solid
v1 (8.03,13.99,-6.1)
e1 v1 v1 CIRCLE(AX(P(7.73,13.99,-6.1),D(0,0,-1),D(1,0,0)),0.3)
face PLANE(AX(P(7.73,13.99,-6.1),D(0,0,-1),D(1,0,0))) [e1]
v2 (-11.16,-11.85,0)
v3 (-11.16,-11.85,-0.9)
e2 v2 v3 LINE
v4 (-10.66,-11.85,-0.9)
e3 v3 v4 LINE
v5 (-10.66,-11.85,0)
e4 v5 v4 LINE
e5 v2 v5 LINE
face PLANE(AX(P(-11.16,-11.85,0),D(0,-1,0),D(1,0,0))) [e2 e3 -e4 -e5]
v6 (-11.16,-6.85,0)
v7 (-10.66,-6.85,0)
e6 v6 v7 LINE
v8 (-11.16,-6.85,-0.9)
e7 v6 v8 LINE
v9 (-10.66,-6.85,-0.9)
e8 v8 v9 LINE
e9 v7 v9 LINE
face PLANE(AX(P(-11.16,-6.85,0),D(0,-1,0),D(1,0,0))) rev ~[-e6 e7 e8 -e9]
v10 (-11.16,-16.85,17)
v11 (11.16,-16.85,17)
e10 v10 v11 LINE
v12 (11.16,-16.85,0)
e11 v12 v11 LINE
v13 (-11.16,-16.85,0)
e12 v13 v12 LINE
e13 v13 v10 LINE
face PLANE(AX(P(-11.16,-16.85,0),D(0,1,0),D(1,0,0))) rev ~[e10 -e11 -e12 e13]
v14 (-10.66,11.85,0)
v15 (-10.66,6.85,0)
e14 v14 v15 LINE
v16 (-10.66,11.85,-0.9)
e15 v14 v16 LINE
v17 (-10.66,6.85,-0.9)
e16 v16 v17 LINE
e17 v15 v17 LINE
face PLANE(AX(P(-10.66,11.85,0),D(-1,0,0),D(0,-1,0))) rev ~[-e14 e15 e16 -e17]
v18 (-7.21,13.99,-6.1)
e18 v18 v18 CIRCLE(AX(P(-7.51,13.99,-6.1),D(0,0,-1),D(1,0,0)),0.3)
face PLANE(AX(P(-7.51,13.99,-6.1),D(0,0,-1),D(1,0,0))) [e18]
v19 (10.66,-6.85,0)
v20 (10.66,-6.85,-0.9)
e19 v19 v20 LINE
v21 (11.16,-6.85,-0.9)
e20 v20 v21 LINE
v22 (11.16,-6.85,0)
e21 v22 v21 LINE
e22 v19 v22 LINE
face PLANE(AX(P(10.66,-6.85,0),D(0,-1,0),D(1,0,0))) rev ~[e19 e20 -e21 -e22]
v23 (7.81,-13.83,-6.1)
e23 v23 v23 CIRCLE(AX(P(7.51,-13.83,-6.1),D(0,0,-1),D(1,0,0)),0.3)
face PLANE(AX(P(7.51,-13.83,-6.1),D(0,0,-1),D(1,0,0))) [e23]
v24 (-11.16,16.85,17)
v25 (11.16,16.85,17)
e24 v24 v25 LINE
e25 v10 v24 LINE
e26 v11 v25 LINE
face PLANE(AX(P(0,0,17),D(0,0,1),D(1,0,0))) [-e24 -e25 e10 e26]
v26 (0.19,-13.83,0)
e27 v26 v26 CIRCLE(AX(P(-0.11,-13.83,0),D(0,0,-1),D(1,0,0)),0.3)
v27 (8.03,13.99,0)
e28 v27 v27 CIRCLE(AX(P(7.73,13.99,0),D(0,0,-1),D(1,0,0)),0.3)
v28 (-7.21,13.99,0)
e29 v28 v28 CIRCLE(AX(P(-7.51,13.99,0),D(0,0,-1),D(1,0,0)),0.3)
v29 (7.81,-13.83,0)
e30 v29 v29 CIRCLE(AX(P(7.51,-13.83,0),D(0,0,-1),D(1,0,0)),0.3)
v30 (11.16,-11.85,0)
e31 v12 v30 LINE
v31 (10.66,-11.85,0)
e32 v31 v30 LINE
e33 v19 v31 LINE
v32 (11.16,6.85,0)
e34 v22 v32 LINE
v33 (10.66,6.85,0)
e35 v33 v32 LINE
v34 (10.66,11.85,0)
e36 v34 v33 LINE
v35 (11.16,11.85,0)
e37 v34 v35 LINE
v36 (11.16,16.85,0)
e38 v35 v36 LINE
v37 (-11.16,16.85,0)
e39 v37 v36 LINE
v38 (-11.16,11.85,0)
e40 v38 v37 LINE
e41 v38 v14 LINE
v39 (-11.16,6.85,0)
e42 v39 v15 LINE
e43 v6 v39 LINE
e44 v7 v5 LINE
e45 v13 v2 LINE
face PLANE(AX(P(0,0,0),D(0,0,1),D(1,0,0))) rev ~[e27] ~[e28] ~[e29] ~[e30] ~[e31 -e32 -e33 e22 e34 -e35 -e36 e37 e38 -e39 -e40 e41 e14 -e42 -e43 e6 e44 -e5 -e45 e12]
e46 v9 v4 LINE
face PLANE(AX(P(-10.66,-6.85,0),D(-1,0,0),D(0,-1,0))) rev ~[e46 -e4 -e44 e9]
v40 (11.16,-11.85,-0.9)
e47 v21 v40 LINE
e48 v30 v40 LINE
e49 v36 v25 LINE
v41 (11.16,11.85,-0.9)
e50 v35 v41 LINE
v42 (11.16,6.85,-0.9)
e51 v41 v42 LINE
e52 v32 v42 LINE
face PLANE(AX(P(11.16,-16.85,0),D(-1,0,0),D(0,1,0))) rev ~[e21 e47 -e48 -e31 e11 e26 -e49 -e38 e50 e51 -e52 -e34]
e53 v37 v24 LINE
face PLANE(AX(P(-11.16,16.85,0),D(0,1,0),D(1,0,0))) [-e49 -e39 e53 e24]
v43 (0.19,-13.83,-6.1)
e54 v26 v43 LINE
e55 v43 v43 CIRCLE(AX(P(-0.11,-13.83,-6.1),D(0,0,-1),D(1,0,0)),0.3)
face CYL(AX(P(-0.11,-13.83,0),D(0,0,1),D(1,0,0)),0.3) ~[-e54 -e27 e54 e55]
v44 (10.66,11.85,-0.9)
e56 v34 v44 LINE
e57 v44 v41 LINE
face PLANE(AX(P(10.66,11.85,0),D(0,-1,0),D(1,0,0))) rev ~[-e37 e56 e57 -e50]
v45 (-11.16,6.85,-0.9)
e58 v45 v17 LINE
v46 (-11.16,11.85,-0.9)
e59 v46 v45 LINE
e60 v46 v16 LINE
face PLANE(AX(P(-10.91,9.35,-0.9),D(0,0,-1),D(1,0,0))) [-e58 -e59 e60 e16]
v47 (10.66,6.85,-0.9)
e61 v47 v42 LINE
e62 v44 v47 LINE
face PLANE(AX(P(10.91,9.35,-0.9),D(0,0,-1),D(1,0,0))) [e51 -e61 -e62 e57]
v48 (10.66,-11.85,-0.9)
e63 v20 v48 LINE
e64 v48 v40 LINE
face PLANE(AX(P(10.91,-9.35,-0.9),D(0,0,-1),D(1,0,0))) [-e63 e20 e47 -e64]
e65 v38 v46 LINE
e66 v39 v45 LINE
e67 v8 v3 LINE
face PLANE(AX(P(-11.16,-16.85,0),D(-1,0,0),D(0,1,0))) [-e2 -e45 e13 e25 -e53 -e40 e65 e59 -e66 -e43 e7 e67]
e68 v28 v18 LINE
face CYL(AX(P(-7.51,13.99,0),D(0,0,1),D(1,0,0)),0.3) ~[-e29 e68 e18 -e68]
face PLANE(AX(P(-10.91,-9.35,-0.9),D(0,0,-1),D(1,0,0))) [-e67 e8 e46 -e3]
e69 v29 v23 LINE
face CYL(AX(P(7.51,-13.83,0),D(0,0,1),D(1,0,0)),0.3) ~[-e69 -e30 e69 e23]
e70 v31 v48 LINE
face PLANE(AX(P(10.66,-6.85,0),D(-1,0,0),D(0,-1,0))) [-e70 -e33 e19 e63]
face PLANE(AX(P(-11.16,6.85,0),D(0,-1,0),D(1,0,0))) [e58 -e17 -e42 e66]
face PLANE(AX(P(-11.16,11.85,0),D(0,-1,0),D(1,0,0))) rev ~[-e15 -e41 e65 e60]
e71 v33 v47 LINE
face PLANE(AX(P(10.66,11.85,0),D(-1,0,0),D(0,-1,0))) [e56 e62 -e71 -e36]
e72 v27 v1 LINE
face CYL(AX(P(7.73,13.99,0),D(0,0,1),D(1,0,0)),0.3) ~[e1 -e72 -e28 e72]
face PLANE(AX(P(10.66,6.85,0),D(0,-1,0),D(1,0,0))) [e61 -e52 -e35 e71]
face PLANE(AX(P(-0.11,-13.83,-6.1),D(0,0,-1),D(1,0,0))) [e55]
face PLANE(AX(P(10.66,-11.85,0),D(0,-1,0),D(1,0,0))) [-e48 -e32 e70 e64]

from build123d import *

# Parameters (mm, degrees)
F0_W     = 22.32
F0_H     = 33.7
F1_DEPTH = 17
F2_R     = 0.3
F3_DEPTH = 6.1
F2_W     = 0.5
F2_H     = 5
F4_DEPTH = 0.9


with BuildPart() as f1:
    # F0 (on Top) → F1 (new body)
    with BuildSketch(Plane.XY):
        Rectangle(F0_W, F0_H)
    extrude(amount=F1_DEPTH)

    # F2 (on face) → F3 (join)
    with BuildSketch(Plane(origin=(0, 0, 0), x_dir=(1, 0, 0), z_dir=(0, 0, -1))):
        with Locations((-0.11, 13.83)):
            Circle(F2_R)
        with Locations((7.51, 13.83)):
            Circle(F2_R)
        with Locations((-7.51, -13.99)):
            Circle(F2_R)
        with Locations((7.73, -13.99)):
            Circle(F2_R)
    extrude(amount=F3_DEPTH)

    # F2 (on face) → F4 (join)
    with BuildSketch(Plane(origin=(0, 0, 0), x_dir=(1, 0, 0), z_dir=(0, 0, -1))):
        with Locations((-10.91, 9.35)):
            Rectangle(F2_W, F2_H)
        with Locations((10.91, 9.35)):
            Rectangle(F2_W, F2_H)
        with Locations((-10.91, -9.35)):
            Rectangle(F2_W, F2_H)
        with Locations((10.91, -9.35)):
            Rectangle(F2_W, F2_H)
    extrude(amount=F4_DEPTH)


solid = f1.part
